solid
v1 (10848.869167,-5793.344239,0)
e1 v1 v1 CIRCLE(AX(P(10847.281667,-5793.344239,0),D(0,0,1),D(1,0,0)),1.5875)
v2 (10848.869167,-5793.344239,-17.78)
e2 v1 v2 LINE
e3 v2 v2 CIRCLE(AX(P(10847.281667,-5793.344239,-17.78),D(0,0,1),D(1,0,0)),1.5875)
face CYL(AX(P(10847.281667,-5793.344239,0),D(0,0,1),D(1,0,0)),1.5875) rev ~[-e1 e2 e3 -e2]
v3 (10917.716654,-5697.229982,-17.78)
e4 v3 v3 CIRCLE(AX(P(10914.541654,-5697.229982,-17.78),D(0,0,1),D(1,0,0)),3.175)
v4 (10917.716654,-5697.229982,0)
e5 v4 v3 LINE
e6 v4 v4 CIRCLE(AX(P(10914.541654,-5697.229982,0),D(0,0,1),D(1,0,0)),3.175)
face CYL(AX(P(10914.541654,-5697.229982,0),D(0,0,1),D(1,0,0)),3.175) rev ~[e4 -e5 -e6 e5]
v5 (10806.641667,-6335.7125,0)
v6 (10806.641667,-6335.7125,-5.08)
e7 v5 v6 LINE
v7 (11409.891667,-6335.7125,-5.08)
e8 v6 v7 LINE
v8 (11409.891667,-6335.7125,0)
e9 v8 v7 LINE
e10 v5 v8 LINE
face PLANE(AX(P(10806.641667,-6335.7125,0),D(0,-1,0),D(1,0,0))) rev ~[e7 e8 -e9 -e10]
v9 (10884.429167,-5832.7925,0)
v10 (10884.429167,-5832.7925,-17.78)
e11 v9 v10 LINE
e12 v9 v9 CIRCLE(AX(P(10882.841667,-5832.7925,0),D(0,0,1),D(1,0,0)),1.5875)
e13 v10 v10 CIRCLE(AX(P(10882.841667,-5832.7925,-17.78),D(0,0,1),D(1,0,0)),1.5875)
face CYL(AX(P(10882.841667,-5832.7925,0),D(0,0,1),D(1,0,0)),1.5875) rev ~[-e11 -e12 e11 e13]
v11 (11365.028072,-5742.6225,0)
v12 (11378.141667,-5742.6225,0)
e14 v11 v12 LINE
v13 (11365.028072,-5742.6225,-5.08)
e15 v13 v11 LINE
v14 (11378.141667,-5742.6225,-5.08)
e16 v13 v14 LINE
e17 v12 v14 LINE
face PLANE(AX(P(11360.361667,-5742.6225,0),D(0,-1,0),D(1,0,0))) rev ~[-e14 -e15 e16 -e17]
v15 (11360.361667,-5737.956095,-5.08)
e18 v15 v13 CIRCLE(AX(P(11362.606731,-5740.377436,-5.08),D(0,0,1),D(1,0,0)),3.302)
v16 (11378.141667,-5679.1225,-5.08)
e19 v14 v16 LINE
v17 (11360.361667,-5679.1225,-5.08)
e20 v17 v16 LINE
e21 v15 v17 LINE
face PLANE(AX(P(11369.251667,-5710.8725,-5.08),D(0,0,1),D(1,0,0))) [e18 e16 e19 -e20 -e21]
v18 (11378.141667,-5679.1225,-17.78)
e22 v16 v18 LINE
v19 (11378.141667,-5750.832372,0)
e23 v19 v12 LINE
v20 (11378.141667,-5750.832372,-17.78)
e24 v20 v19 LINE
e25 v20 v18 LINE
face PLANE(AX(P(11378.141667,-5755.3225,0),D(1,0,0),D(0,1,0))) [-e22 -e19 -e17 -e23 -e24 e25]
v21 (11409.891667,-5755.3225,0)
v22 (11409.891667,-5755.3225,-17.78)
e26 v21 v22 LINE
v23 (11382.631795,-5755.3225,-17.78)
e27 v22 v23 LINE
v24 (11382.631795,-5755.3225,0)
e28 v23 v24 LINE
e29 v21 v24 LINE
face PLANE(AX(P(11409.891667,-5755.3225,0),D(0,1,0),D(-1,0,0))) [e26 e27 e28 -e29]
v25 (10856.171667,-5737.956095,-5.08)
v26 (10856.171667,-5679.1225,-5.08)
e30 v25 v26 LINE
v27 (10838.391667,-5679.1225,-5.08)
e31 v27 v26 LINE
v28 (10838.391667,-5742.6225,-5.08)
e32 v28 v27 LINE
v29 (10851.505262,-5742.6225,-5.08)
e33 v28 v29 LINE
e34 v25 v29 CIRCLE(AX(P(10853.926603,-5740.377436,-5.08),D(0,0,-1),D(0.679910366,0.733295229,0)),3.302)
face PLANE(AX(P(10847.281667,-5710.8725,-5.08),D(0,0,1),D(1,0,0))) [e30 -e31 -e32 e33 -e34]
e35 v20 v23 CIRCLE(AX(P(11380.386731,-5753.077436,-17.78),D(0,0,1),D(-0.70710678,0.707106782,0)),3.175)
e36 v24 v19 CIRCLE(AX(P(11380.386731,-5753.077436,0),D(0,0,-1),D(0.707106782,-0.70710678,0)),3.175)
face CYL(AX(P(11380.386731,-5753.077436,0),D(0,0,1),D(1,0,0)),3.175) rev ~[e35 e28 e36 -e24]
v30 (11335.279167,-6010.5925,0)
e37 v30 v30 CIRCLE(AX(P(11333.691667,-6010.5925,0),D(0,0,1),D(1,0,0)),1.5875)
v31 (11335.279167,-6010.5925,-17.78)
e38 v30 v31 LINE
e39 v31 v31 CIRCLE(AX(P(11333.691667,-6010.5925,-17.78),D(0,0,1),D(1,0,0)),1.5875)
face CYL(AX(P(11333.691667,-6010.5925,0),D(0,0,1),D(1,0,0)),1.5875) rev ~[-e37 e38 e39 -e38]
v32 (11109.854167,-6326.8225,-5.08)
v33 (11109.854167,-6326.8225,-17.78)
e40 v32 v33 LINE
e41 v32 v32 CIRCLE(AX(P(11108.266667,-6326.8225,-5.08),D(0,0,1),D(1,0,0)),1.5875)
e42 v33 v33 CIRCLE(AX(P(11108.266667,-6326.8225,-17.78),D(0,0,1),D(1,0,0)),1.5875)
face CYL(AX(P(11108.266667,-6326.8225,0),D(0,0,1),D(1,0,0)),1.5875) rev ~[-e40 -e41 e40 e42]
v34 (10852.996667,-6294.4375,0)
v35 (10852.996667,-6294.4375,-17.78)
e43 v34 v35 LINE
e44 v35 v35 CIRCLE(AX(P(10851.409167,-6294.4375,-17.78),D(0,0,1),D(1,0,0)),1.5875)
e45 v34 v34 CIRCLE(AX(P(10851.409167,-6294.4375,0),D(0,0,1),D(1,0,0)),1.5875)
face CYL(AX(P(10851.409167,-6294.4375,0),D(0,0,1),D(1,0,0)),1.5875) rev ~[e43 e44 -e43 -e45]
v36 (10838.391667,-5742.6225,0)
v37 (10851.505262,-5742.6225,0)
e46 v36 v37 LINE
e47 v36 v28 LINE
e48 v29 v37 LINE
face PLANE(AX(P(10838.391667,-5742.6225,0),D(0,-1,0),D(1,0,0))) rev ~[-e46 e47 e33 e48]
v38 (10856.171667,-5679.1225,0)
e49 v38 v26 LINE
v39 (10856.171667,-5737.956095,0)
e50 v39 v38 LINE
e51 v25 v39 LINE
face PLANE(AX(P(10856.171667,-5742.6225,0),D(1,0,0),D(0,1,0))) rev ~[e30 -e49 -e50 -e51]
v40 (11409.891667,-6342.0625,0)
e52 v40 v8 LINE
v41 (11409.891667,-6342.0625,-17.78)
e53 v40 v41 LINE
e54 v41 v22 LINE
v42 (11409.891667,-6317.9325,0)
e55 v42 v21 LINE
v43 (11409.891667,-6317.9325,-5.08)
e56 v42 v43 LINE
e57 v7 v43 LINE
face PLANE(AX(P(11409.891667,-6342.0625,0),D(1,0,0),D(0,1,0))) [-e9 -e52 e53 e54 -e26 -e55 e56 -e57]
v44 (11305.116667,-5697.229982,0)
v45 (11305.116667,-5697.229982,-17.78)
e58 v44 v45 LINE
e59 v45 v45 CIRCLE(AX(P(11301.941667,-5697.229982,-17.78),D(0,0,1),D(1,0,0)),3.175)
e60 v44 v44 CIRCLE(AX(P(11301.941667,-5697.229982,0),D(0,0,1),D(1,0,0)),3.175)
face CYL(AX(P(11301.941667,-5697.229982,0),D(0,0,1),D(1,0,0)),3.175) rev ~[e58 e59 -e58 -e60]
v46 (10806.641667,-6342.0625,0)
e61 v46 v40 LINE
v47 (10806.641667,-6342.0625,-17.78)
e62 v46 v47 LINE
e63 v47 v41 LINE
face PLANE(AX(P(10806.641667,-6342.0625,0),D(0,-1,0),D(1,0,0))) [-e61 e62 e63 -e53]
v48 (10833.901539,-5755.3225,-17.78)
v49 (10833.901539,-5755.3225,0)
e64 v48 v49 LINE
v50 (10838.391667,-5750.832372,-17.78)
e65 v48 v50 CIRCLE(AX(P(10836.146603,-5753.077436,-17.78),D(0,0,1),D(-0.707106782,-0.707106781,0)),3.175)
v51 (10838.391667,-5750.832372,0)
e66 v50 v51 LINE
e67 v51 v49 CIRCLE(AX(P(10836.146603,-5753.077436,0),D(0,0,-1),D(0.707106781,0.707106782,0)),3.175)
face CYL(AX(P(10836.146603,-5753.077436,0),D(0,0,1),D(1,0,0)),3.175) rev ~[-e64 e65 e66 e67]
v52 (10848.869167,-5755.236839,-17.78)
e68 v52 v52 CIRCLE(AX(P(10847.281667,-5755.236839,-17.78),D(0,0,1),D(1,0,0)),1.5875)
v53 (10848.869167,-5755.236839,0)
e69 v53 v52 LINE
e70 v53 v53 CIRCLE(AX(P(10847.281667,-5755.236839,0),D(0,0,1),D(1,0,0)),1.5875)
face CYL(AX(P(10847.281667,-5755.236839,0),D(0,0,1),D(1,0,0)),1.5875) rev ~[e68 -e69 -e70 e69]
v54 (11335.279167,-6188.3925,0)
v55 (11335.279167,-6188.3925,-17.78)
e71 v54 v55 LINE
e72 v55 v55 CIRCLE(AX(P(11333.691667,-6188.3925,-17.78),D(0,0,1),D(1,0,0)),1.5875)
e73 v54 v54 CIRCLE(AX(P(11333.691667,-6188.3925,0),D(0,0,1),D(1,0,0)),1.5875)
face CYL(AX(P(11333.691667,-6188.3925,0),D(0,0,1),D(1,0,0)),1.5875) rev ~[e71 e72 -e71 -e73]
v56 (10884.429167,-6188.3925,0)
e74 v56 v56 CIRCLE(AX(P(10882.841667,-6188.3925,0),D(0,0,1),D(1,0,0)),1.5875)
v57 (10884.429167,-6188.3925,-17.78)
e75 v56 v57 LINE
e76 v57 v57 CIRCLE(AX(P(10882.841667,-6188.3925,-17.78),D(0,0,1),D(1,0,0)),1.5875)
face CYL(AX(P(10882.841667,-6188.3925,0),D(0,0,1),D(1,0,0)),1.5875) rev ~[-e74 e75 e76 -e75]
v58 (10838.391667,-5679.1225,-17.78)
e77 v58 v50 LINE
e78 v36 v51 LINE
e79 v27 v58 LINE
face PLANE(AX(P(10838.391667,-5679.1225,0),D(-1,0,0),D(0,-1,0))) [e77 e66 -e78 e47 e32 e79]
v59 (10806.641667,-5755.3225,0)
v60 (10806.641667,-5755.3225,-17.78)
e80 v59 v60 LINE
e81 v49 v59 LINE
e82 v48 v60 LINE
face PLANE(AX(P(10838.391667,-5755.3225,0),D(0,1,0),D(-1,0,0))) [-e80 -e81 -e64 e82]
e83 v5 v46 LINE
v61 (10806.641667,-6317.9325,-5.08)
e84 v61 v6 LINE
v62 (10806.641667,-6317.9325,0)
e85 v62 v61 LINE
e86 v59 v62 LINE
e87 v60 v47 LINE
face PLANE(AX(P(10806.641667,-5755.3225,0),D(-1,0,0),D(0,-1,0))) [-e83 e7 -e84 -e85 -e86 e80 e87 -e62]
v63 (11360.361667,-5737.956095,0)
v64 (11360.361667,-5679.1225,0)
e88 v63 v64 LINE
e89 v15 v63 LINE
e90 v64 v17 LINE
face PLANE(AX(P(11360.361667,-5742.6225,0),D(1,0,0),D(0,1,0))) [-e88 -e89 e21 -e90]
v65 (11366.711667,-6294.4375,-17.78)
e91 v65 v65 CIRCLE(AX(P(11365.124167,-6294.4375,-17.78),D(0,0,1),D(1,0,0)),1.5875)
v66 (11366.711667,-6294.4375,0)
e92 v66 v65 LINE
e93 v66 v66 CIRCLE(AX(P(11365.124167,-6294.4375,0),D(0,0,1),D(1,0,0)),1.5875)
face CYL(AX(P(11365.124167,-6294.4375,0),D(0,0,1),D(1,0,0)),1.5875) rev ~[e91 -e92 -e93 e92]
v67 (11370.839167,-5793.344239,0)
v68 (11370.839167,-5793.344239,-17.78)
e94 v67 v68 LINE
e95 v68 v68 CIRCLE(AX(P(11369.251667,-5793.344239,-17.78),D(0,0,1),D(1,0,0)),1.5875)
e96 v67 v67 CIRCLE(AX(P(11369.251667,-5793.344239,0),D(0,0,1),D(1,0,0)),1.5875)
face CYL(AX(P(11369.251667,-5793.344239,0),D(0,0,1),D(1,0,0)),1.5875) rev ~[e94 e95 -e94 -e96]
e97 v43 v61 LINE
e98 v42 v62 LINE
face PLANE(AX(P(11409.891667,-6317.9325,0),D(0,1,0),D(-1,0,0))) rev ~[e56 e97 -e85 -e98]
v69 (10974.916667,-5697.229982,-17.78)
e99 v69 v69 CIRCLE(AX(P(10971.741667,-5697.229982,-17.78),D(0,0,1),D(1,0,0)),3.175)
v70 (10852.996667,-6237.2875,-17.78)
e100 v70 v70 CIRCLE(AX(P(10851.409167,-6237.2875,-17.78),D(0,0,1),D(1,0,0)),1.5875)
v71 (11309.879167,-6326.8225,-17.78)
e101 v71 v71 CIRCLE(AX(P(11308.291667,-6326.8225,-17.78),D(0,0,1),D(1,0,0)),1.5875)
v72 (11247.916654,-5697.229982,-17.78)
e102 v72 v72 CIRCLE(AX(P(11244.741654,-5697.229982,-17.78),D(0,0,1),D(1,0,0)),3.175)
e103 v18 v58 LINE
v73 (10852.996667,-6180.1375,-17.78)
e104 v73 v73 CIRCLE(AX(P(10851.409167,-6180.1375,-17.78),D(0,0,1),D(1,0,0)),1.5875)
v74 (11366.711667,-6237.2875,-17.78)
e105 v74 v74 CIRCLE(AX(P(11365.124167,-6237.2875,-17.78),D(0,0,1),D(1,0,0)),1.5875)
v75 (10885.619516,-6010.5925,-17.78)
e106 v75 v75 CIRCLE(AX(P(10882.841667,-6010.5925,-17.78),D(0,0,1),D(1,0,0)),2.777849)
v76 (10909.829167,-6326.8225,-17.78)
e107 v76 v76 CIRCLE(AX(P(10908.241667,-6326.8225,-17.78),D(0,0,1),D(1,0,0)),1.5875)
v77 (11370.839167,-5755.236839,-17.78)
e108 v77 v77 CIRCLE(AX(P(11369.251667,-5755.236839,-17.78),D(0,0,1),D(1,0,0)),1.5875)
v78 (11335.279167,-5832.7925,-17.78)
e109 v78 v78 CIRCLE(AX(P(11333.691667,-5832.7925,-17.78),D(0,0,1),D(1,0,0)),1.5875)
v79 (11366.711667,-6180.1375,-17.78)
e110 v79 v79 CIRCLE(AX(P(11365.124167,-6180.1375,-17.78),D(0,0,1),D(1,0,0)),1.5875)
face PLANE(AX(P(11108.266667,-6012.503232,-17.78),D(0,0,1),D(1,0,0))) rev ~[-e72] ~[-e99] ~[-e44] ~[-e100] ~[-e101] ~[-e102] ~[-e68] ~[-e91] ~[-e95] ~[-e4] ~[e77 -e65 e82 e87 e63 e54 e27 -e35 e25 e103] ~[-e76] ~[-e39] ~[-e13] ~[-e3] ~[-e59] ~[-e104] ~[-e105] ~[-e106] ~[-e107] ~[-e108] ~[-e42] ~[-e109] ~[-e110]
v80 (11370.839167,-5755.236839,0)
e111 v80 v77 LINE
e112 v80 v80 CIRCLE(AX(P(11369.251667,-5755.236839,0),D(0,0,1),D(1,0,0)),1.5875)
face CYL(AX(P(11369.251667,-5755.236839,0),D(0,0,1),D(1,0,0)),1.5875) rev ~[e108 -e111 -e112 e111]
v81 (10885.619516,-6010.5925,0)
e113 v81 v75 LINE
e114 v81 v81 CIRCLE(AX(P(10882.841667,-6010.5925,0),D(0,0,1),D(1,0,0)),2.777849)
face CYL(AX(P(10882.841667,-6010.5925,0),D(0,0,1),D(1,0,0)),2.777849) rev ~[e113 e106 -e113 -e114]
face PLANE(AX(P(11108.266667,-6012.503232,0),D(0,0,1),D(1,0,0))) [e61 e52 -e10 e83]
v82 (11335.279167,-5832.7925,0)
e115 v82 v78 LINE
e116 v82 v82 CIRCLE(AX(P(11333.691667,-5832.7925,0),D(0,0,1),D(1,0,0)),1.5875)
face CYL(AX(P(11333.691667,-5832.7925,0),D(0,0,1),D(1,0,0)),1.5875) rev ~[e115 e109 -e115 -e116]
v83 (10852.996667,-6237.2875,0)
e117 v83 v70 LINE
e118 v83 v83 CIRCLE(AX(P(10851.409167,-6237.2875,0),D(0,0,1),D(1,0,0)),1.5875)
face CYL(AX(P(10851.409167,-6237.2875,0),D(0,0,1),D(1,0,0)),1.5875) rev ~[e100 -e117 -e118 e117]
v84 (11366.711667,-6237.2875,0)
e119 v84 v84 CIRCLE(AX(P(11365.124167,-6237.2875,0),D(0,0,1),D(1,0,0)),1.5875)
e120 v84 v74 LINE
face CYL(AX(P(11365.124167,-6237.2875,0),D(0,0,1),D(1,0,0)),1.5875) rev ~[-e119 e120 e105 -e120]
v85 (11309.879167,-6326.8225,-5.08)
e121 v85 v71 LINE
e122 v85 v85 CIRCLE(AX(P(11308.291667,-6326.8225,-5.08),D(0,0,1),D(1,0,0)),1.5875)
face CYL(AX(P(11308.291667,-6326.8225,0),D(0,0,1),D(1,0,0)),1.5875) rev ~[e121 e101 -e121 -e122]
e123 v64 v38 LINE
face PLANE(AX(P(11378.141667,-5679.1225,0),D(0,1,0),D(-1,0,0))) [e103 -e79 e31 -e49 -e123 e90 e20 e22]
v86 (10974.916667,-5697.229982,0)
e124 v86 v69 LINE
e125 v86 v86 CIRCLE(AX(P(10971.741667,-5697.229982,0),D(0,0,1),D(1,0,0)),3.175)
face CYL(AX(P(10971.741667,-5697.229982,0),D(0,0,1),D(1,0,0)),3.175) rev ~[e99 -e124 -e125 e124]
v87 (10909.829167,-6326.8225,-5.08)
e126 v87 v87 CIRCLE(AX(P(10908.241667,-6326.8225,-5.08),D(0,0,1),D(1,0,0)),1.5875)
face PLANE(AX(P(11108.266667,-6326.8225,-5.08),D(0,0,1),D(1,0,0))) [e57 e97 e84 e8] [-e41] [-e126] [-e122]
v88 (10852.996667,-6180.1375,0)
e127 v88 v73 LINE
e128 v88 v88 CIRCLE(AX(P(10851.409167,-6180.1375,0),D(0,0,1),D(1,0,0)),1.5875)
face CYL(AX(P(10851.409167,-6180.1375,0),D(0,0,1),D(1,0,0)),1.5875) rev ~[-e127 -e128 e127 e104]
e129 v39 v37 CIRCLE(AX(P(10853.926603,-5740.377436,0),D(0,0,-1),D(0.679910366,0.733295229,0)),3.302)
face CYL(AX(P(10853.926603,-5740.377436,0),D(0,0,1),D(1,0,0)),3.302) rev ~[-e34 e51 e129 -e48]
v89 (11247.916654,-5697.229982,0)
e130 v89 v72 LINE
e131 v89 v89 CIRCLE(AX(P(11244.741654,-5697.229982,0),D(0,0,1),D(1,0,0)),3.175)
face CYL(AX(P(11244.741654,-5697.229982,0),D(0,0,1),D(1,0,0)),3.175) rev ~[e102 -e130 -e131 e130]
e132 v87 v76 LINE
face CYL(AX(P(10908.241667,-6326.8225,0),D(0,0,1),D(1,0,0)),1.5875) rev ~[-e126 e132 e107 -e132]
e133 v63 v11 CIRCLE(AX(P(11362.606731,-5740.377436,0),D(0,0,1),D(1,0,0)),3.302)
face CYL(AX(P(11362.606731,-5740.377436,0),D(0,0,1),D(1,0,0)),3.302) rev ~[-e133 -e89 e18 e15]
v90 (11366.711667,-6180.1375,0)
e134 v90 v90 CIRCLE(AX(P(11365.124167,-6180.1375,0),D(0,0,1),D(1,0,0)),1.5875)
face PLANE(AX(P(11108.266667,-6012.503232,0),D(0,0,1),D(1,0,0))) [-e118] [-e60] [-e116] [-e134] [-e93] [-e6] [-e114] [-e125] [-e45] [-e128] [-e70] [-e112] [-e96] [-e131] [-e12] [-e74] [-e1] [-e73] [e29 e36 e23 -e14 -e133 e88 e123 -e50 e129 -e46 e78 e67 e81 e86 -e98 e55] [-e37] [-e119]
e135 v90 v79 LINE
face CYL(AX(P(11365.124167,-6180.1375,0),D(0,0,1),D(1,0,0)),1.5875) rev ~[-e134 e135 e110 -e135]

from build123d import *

# Parameters (mm, degrees)
CABBACK_THICKNESS_DEPTH = 17.78
SKETCH4_R               = 3.175000003
SKETCH4_R_2             = 3.175000002
CUT_EXTRUDE1_DEPTH      = 17.78
SKETCH6_R               = 1.5875
SKETCH6_R_2             = 1.587500002
SKETCH6_R_3             = 2.777849083
CUT_EXTRUDE3_DEPTH      = 17.78
CABBACK_LEDGECUTS_W     = 17.78
CABBACK_LEDGECUTS_H     = 63.5
LEDGECUTS_DEPTH_DEPTH   = 5.08
SKETCH7_R               = 3.302
SKETCH7_R_2             = 3.302000002
CUT_EXTRUDE4_DEPTH      = 5.08
SKETCH9_R               = 3.175
CUT_EXTRUDE5_DEPTH      = 17.78


with BuildPart() as part:
    # CabBack_Outline → CabBack_Thickness (new body)
    with BuildSketch(Plane.XY):
        Polygon((10806.641666666, -6342.0625), (11409.891666666, -6342.0625), (11409.891666666, -5755.3225), (11378.141666665, -5755.3225), (11378.141666665, -5679.1225), (10838.391666667, -5679.1225), (10838.391666667, -5755.3225), (10806.641666666, -5755.3225), align=None)
    extrude(amount=-CABBACK_THICKNESS_DEPTH)

    # Sketch4 → Cut-Extrude1 (cut)
    with BuildSketch(Plane.XY):
        with Locations((11380.386730695, -5753.07743597)):
            Circle(SKETCH4_R)
        with Locations((10836.146602637, -5753.07743597)):
            Circle(SKETCH4_R_2)
    extrude(amount=-CUT_EXTRUDE1_DEPTH, mode=Mode.SUBTRACT)

    # Sketch6 → Cut-Extrude3 (cut)
    with BuildSketch(Plane.XY):
        with Locations((10851.409166666, -6294.4375)):
            Circle(SKETCH6_R)
        with Locations((10908.241666666, -6326.8225)):
            Circle(SKETCH6_R)
        with Locations((11108.266666666, -6326.8225)):
            Circle(SKETCH6_R)
        with Locations((11308.291666666, -6326.8225)):
            Circle(SKETCH6_R)
        with Locations((11365.124166666, -6294.4375)):
            Circle(SKETCH6_R)
        with Locations((11365.124166666, -6237.2875)):
            Circle(SKETCH6_R)
        with Locations((11333.691666666, -6188.3925)):
            Circle(SKETCH6_R)
        with Locations((11365.124166666, -6180.1375)):
            Circle(SKETCH6_R)
        with Locations((11333.691666666, -6010.5925)):
            Circle(SKETCH6_R)
        with Locations((11333.691666666, -5832.7925)):
            Circle(SKETCH6_R)
        with Locations((11369.251666663, -5793.344238991)):
            Circle(SKETCH6_R_2)
        with Locations((11369.251666663, -5755.236838581)):
            Circle(SKETCH6_R_2)
        with Locations((10847.281666666, -5755.236838581)):
            Circle(SKETCH6_R)
        with Locations((10847.281666666, -5793.344238991)):
            Circle(SKETCH6_R)
        with Locations((10882.841666666, -6010.5925)):
            Circle(SKETCH6_R_3)
        with Locations((10851.409166666, -6180.1375)):
            Circle(SKETCH6_R)
        with Locations((10882.841666666, -6188.3925)):
            Circle(SKETCH6_R)
        with Locations((10851.409166666, -6237.2875)):
            Circle(SKETCH6_R)
        with Locations((10882.841666666, -5832.7925)):
            Circle(SKETCH6_R)
    extrude(amount=-CUT_EXTRUDE3_DEPTH, mode=Mode.SUBTRACT)

    # CabBack_LedgeCuts → LedgeCuts_Depth (cut)
    with BuildSketch(Plane.XY):
        Polygon((11108.266666666, -6317.9325), (10806.641666666, -6317.9325), (10806.641666666, -6335.7125), (11409.891666666, -6335.7125), (11409.891666666, -6317.9325), align=None)
        with Locations((10847.281666667, -5710.8725)):
            Rectangle(CABBACK_LEDGECUTS_W, CABBACK_LEDGECUTS_H)
        with Locations((11369.251666665, -5710.8725)):
            Rectangle(CABBACK_LEDGECUTS_W, CABBACK_LEDGECUTS_H)
    extrude(amount=-LEDGECUTS_DEPTH_DEPTH, mode=Mode.SUBTRACT)

    # Sketch7 → Cut-Extrude4 (cut)
    with BuildSketch(Plane.XY):
        with Locations((10853.926602637, -5740.37743597)):
            Circle(SKETCH7_R)
        with Locations((11362.606730695, -5740.37743597)):
            Circle(SKETCH7_R_2)
    extrude(amount=-CUT_EXTRUDE4_DEPTH, mode=Mode.SUBTRACT)

    # Sketch9 → Cut-Extrude5 (cut)
    with BuildSketch(Plane.XY):
        with Locations((10914.541654066, -5697.2299822)):
            Circle(SKETCH9_R)
        with Locations((10971.741666666, -5697.2299822)):
            Circle(SKETCH9_R)
        with Locations((11244.741654066, -5697.2299822)):
            Circle(SKETCH9_R)
        with Locations((11301.941666666, -5697.2299822)):
            Circle(SKETCH9_R)
    extrude(amount=-CUT_EXTRUDE5_DEPTH, mode=Mode.SUBTRACT)


solid = part.part
